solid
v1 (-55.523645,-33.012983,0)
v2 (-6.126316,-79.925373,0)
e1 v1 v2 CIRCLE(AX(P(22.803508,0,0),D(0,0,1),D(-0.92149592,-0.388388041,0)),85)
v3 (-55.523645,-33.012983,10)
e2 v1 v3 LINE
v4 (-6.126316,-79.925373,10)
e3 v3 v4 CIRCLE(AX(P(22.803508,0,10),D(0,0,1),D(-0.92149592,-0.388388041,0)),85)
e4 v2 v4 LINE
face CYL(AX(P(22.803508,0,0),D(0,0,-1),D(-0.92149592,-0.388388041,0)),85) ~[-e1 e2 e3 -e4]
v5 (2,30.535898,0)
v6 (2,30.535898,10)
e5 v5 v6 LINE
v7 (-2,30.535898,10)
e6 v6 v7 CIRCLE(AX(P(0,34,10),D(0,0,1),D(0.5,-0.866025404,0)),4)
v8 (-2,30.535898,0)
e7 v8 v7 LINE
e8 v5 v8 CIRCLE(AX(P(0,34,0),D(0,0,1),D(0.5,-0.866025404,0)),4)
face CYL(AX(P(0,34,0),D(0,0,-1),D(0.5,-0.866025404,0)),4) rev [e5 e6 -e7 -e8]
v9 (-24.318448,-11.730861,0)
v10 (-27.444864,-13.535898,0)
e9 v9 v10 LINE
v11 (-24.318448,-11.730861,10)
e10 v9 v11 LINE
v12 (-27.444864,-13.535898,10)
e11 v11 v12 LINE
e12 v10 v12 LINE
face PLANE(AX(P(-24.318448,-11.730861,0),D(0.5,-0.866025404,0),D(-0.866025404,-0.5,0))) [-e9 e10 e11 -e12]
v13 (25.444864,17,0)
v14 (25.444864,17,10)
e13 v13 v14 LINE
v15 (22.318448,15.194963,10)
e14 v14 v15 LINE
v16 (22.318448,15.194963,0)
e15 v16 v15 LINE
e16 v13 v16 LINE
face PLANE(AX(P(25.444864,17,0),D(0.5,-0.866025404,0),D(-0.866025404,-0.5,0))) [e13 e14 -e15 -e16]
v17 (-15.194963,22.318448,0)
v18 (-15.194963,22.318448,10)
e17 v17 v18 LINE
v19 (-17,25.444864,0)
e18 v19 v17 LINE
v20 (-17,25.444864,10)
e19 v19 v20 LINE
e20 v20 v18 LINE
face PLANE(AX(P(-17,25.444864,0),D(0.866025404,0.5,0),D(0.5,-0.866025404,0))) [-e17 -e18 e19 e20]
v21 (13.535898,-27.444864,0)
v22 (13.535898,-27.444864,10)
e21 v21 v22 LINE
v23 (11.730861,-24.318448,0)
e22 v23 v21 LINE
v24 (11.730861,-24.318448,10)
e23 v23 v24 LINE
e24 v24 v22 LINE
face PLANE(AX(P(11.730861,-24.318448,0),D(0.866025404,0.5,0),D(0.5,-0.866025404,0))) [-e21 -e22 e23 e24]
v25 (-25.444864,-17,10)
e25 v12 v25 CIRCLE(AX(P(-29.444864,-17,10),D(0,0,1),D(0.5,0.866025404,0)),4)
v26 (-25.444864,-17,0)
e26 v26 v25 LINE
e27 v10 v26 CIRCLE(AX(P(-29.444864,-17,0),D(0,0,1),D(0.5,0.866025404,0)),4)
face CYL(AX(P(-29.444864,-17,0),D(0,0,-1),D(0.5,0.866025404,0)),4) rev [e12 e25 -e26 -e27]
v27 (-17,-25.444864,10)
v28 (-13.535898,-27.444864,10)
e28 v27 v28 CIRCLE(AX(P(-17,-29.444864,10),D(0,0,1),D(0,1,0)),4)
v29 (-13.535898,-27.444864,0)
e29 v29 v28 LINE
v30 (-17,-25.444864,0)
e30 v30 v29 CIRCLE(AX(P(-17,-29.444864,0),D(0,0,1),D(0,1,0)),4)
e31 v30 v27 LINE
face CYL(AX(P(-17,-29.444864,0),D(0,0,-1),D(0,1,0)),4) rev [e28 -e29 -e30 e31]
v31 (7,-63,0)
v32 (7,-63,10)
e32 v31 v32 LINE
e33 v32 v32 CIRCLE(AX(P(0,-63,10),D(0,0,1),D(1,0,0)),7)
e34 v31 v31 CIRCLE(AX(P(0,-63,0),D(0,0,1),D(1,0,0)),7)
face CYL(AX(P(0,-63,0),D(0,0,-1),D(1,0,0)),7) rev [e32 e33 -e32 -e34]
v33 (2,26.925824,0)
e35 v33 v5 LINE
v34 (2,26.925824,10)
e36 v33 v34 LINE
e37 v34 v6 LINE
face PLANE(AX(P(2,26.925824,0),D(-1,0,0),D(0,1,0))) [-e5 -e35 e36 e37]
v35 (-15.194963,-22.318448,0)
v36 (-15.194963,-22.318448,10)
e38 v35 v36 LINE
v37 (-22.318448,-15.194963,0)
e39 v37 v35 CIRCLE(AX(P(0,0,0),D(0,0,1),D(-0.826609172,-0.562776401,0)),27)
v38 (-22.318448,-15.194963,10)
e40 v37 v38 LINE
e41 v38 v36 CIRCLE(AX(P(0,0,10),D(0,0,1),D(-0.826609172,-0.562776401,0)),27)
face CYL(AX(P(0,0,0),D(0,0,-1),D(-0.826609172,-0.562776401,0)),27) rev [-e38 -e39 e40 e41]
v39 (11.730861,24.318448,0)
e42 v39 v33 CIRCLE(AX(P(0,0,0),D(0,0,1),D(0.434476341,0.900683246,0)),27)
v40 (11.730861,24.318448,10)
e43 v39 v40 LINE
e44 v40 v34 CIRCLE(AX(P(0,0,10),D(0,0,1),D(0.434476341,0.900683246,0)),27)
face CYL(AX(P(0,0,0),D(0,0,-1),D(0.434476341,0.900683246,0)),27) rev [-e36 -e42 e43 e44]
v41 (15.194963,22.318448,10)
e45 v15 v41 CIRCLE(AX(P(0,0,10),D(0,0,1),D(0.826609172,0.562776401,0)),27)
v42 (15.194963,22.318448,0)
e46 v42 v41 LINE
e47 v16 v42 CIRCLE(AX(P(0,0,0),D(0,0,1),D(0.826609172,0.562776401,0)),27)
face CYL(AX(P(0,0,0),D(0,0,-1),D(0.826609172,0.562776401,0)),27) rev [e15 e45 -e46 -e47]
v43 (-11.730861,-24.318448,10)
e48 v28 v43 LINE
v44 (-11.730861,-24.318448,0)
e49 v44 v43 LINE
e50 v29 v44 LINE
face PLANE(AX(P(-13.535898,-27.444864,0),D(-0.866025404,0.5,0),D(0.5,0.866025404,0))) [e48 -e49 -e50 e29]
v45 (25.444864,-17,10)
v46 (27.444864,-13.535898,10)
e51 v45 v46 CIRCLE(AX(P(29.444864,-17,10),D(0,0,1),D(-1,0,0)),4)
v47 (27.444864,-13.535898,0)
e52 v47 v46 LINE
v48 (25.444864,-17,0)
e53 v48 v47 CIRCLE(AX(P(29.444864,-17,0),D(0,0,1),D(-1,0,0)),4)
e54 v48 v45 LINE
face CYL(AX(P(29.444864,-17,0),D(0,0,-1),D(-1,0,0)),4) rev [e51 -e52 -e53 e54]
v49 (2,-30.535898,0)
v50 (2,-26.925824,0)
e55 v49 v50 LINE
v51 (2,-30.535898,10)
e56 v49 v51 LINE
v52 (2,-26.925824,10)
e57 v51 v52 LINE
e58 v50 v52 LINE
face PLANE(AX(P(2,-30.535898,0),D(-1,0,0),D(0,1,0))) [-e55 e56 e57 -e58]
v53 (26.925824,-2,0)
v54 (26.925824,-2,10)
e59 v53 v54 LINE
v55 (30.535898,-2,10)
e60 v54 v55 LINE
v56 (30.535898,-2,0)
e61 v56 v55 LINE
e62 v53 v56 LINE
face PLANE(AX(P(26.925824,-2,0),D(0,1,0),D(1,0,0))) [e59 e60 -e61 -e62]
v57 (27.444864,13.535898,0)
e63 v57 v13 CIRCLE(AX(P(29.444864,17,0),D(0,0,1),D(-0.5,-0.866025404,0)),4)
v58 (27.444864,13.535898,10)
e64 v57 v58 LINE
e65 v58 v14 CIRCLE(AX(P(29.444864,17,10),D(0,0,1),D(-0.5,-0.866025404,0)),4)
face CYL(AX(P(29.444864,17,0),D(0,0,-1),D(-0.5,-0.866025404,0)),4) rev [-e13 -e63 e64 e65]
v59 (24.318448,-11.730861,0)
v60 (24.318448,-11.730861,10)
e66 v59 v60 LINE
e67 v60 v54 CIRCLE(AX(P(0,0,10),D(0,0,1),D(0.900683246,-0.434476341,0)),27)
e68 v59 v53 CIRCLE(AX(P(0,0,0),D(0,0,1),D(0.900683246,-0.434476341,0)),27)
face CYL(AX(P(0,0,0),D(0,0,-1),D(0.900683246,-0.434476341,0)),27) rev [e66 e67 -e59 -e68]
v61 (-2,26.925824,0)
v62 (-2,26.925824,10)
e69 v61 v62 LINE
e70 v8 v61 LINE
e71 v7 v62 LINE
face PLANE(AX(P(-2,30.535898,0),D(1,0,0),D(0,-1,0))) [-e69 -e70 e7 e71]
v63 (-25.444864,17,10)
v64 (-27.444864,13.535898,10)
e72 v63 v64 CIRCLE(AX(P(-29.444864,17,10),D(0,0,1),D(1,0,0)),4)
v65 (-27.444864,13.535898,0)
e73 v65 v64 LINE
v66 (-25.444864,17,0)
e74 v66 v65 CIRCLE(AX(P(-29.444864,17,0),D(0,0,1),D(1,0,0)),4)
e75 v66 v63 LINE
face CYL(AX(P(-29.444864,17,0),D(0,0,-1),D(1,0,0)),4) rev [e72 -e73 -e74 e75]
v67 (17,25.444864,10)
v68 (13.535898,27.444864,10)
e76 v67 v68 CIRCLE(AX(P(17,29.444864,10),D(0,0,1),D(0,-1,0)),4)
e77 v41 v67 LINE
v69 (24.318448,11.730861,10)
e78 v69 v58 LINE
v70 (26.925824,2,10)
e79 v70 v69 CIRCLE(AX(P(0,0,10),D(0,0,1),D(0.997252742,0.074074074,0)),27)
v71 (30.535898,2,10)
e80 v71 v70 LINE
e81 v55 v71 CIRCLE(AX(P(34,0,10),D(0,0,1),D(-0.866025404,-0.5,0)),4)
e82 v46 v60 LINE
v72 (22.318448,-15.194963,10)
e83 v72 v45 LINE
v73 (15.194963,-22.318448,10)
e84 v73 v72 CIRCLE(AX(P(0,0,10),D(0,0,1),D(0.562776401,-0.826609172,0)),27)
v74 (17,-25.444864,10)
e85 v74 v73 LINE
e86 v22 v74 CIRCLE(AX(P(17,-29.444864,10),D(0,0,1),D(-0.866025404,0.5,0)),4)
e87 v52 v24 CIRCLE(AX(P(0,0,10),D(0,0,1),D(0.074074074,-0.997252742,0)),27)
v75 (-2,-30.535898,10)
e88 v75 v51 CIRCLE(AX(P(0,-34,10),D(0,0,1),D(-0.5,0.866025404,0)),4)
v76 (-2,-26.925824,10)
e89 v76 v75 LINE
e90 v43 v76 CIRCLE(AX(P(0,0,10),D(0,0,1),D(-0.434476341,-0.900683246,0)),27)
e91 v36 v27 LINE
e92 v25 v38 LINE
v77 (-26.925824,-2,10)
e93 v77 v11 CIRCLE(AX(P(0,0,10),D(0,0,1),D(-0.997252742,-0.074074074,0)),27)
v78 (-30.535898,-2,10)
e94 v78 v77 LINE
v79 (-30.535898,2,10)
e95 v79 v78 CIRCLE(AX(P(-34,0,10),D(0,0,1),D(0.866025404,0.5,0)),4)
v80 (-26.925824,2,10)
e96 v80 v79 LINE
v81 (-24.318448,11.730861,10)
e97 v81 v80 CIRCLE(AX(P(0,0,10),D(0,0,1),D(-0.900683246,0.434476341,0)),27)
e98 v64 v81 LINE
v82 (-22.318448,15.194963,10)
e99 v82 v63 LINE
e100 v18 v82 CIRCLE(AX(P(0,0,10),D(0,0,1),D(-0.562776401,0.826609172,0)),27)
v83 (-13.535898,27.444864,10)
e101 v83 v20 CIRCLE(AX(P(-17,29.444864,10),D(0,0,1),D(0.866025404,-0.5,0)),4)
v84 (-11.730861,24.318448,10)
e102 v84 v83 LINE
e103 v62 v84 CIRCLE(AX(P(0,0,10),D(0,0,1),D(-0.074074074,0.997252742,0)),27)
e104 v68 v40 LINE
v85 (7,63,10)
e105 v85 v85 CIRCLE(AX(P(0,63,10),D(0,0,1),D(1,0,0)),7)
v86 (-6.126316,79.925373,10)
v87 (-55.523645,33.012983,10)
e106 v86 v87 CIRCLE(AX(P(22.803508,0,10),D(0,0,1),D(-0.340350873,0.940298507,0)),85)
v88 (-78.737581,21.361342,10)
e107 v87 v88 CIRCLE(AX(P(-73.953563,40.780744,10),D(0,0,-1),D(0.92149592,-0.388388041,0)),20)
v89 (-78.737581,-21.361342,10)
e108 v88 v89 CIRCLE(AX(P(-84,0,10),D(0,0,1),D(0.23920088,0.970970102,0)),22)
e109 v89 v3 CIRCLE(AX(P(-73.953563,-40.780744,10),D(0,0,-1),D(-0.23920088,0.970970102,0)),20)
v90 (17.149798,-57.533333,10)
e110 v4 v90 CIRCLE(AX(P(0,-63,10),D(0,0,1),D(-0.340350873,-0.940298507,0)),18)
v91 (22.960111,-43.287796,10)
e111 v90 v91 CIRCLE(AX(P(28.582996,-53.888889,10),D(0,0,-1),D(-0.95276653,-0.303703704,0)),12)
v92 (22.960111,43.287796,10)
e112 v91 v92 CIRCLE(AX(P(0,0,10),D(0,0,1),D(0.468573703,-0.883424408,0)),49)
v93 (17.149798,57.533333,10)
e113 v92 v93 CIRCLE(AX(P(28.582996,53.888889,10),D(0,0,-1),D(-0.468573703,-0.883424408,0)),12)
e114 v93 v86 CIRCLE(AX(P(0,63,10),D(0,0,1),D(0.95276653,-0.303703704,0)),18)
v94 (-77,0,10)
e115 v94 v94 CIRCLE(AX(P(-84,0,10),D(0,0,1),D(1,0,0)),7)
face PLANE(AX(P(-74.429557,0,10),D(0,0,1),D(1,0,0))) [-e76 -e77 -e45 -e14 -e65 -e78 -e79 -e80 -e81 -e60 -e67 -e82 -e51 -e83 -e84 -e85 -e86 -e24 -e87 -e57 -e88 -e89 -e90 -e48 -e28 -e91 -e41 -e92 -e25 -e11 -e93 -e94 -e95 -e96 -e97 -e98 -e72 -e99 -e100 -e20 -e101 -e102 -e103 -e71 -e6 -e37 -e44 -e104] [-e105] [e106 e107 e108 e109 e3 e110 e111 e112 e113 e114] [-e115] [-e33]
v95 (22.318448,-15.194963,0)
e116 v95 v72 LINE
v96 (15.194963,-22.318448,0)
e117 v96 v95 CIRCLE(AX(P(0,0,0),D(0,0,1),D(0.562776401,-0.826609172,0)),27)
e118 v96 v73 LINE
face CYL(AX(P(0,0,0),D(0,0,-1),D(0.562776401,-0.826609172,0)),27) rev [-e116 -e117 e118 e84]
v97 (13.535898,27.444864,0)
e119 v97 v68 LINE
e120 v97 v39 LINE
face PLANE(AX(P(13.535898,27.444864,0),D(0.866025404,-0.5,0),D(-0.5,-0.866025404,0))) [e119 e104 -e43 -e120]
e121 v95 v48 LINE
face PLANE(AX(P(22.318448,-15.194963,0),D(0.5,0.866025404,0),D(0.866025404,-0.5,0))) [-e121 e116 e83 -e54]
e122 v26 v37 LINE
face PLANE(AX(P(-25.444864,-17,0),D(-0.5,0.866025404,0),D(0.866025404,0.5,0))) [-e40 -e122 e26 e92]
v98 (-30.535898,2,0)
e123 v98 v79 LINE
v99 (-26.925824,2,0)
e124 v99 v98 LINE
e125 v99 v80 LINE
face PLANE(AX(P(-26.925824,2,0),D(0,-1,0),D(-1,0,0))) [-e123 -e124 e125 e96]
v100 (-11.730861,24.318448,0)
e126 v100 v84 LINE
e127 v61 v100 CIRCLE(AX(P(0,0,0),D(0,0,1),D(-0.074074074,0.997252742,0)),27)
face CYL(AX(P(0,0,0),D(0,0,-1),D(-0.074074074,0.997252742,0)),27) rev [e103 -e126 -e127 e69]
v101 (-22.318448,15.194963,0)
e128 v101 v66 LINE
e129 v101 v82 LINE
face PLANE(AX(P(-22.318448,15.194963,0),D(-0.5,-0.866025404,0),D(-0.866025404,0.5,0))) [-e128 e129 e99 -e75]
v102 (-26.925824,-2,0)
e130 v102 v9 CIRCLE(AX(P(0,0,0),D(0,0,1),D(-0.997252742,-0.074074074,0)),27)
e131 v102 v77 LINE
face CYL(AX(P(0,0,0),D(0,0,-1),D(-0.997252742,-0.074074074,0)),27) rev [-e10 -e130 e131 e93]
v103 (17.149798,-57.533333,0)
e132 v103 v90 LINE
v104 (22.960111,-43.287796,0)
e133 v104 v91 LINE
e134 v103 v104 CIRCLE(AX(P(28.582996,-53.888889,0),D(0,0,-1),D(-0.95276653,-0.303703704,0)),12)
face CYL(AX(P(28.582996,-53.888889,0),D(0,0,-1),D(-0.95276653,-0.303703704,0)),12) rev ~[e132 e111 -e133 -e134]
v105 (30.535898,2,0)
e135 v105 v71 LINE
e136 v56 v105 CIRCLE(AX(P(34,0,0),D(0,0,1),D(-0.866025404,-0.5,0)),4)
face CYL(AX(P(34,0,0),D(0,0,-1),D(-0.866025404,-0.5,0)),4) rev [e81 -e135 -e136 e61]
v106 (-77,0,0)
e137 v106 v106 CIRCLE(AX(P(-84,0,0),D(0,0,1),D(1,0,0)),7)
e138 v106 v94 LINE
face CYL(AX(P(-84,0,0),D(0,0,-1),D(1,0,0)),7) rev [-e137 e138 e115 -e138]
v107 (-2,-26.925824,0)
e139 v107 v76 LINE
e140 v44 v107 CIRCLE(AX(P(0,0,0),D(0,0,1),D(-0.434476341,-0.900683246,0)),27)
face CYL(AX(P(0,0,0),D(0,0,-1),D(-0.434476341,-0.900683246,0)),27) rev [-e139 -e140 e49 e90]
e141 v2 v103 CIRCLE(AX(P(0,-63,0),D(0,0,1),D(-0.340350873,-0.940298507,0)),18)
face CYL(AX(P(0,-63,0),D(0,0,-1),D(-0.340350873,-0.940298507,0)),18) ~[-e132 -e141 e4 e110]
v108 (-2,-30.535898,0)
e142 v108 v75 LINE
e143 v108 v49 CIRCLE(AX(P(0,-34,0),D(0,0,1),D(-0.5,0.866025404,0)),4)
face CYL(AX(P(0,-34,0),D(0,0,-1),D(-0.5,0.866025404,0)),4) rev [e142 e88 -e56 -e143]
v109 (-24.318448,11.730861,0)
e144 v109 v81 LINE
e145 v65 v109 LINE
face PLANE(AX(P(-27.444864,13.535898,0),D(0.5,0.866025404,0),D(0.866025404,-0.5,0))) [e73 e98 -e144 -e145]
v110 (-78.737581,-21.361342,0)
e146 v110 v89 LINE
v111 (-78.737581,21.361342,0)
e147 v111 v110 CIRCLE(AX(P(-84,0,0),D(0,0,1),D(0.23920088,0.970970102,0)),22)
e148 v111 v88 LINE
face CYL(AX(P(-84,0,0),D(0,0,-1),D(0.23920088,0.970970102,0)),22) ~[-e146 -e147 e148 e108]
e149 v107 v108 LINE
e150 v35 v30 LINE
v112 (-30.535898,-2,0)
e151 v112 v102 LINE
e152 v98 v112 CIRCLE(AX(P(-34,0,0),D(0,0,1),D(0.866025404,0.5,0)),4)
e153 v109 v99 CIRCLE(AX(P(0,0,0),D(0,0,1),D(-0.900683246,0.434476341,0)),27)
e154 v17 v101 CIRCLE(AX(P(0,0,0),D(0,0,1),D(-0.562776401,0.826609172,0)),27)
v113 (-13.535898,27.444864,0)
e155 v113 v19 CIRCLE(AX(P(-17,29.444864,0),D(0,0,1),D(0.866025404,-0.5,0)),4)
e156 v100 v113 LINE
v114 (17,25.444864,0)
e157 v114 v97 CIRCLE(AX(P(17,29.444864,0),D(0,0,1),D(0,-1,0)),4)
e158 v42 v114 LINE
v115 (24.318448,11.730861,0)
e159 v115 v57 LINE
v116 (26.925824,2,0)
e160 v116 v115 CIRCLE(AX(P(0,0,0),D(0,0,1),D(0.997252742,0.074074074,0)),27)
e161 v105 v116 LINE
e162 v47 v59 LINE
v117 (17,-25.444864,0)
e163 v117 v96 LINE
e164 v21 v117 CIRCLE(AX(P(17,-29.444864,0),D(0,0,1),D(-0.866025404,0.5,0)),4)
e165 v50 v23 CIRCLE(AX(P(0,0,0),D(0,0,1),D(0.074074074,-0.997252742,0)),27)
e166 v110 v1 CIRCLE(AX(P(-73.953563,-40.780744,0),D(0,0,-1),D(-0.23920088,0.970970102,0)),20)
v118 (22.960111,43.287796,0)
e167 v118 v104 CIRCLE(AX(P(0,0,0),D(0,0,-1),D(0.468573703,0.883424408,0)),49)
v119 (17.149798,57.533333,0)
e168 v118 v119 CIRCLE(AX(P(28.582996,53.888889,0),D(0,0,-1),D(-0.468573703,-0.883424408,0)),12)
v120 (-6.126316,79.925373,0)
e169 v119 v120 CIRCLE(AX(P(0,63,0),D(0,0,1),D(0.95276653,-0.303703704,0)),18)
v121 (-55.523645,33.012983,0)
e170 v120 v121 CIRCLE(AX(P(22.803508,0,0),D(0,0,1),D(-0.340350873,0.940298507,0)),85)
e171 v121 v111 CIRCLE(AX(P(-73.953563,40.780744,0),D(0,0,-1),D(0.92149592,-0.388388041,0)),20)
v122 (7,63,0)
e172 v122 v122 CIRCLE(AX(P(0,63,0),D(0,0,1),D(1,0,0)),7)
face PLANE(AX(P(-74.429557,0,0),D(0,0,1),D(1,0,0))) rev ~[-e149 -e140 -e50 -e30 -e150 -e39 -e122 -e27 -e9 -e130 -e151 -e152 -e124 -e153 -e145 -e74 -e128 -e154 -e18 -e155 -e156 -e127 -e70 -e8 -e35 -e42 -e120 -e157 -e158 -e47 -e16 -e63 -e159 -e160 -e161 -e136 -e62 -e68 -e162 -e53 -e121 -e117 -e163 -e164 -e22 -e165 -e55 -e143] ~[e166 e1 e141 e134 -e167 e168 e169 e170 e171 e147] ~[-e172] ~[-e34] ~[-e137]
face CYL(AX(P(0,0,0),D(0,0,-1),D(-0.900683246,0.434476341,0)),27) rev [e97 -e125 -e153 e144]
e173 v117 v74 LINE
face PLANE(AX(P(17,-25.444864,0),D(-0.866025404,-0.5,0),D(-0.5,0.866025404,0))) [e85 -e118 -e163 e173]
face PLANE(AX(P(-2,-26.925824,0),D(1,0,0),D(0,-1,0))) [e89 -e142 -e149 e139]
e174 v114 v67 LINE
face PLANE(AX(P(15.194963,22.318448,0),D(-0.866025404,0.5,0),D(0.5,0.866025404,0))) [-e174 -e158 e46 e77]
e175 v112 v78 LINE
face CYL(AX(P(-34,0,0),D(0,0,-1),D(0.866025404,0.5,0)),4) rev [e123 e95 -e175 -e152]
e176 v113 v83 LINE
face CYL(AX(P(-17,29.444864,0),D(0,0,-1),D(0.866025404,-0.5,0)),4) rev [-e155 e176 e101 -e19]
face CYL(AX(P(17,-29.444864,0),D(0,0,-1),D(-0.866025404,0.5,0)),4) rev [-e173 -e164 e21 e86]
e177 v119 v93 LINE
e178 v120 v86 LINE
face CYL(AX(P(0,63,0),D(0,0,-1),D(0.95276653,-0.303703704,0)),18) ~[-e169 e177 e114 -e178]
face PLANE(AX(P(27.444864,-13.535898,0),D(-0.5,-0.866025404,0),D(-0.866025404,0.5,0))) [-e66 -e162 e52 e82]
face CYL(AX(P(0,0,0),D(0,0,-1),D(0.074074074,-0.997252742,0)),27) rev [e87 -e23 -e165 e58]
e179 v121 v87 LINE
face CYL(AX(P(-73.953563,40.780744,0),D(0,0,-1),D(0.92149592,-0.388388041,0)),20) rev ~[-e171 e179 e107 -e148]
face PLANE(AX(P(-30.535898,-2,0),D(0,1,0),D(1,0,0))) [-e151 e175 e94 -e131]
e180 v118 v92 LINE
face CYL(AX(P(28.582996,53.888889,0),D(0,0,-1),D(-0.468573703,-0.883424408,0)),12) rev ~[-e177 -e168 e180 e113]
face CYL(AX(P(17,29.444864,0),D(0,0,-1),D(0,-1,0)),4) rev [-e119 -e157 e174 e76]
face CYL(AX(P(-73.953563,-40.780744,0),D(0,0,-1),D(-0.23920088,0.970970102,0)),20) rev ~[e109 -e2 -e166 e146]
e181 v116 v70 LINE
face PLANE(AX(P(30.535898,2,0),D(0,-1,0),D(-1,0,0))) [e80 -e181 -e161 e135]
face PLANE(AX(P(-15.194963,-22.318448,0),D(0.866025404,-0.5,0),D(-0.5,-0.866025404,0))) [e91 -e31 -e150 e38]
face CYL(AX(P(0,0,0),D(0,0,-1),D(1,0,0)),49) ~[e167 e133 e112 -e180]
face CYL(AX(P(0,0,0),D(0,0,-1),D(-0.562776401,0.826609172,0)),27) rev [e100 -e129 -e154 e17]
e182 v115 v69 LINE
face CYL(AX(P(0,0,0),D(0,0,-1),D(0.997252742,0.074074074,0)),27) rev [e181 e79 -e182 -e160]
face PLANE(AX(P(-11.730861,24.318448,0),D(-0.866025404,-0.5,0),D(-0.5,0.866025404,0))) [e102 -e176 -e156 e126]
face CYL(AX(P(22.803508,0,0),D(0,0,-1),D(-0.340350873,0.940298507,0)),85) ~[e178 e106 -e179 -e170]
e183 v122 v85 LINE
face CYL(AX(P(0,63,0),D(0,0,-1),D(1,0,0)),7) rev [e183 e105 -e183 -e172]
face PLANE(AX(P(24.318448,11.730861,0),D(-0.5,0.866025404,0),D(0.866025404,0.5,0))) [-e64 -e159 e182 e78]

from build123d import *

# Parameters (mm, degrees)
CROQUIS1_R              = 49
CROQUIS1_R_2            = 7
SALIENTE_EXTRUIR1_DEPTH = 10


with BuildPart() as part:
    # Croquis1 → Saliente-Extruir1 (new body)
    # profile 1 of 3: a face of its own
    with BuildSketch(Plane.XY):
        Circle(CROQUIS1_R)
        with BuildLine():
            ThreePointArc((11.73086121, 24.318447633), (6.988114218, 26.07999731), (2, 26.925824036))
            Line((2, 26.925824036), (2, 30.535898385))
            ThreePointArc((2, 30.535898385), (0, 38), (-2, 30.535898385))
            Line((-2, 30.535898385), (-2, 26.925824036))
            ThreePointArc((-2, 26.925824036), (-6.988114218, 26.07999731), (-11.73086121, 24.318447633))
            Line((-11.73086121, 24.318447633), (-13.535898385, 27.444863729))
            ThreePointArc((-13.535898385, 27.444863729), (-19, 32.908965344), (-17, 25.444863729))
            Line((-17, 25.444863729), (-15.194962825, 22.318447633))
            ThreePointArc((-15.194962825, 22.318447633), (-19.091883092, 19.091883092), (-22.318447633, 15.194962825))
            Line((-22.318447633, 15.194962825), (-25.444863729, 17))
            ThreePointArc((-25.444863729, 17), (-32.908965344, 19), (-27.444863729, 13.535898385))
            Line((-27.444863729, 13.535898385), (-24.318447633, 11.73086121))
            ThreePointArc((-24.318447633, 11.73086121), (-26.07999731, 6.988114218), (-26.925824036, 2))
            Line((-26.925824036, 2), (-30.535898385, 2))
            ThreePointArc((-30.535898385, 2), (-38, 0), (-30.535898385, -2))
            Line((-30.535898385, -2), (-26.925824036, -2))
            ThreePointArc((-26.925824036, -2), (-26.07999731, -6.988114218), (-24.318447633, -11.73086121))
            Line((-24.318447633, -11.73086121), (-27.444863729, -13.535898385))
            ThreePointArc((-27.444863729, -13.535898385), (-32.908965344, -19), (-25.444863729, -17))
            Line((-25.444863729, -17), (-22.318447633, -15.194962825))
            ThreePointArc((-22.318447633, -15.194962825), (-19.091883092, -19.091883092), (-15.194962825, -22.318447633))
            Line((-15.194962825, -22.318447633), (-17, -25.444863729))
            ThreePointArc((-17, -25.444863729), (-19, -32.908965344), (-13.535898385, -27.444863729))
            Line((-13.535898385, -27.444863729), (-11.73086121, -24.318447633))
            ThreePointArc((-11.73086121, -24.318447633), (-6.988114218, -26.07999731), (-2, -26.925824036))
            Line((-2, -26.925824036), (-2, -30.535898385))
            ThreePointArc((-2, -30.535898385), (0, -38), (2, -30.535898385))
            Line((2, -30.535898385), (2, -26.925824036))
            ThreePointArc((2, -26.925824036), (6.988114218, -26.07999731), (11.73086121, -24.318447633))
            Line((11.73086121, -24.318447633), (13.535898385, -27.444863729))
            ThreePointArc((13.535898385, -27.444863729), (19, -32.908965344), (17, -25.444863729))
            Line((17, -25.444863729), (15.194962825, -22.318447633))
            ThreePointArc((15.194962825, -22.318447633), (19.091883092, -19.091883092), (22.318447633, -15.194962825))
            Line((22.318447633, -15.194962825), (25.444863729, -17))
            ThreePointArc((25.444863729, -17), (32.908965344, -19), (27.444863729, -13.535898385))
            Line((27.444863729, -13.535898385), (24.318447633, -11.73086121))
            ThreePointArc((24.318447633, -11.73086121), (26.07999731, -6.988114218), (26.925824036, -2))
            Line((26.925824036, -2), (30.535898385, -2))
            ThreePointArc((30.535898385, -2), (38, 0), (30.535898385, 2))
            Line((30.535898385, 2), (26.925824036, 2))
            ThreePointArc((26.925824036, 2), (26.07999731, 6.988114218), (24.318447633, 11.73086121))
            Line((24.318447633, 11.73086121), (27.444863729, 13.535898385))
            ThreePointArc((27.444863729, 13.535898385), (32.908965344, 19), (25.444863729, 17))
            Line((25.444863729, 17), (22.318447633, 15.194962825))
            ThreePointArc((22.318447633, 15.194962825), (19.091883092, 19.091883092), (15.194962825, 22.318447633))
            Line((15.194962825, 22.318447633), (17, 25.444863729))
            ThreePointArc((17, 25.444863729), (19, 32.908965344), (13.535898385, 27.444863729))
            Line((13.535898385, 27.444863729), (11.73086121, 24.318447633))
        make_face(mode=Mode.SUBTRACT)
    # profile 2 of 3: a face of its own
    with BuildSketch(Plane.XY):
        with BuildLine():
            ThreePointArc((22.960111456, -43.287795993), (-49, 0), (22.960111456, 43.287795993))
            ThreePointArc((22.960111456, 43.287795993), (17.471680778, 49.356927241), (17.149797537, 57.533333333))
            ThreePointArc((17.149797537, 57.533333333), (12.479188654, 75.97188693), (-6.126315717, 79.925373134))
            ThreePointArc((-6.126315717, 79.925373134), (-35.730309716, 61.63434209), (-55.523644659, 33.012983471))
            ThreePointArc((-55.523644659, 33.012983471), (-62.196491498, 0), (-55.523644659, -33.012983471))
            ThreePointArc((-55.523644659, -33.012983471), (-35.730309716, -61.63434209), (-6.126315717, -79.925373134))
            ThreePointArc((-6.126315717, -79.925373134), (12.479188654, -75.97188693), (17.149797537, -57.533333333))
            ThreePointArc((17.149797537, -57.533333333), (17.471680778, -49.356927241), (22.960111456, -43.287795993))
        make_face()
        with Locations((0, -63)):
            Circle(CROQUIS1_R_2, mode=Mode.SUBTRACT)
        with Locations((0, 63)):
            Circle(CROQUIS1_R_2, mode=Mode.SUBTRACT)
    # profile 3 of 3: a face of its own
    with BuildSketch(Plane.XY):
        with BuildLine():
            ThreePointArc((-55.523644659, -33.012983471), (-62.196491498, 0), (-55.523644659, 33.012983471))
            ThreePointArc((-55.523644659, 33.012983471), (-64.981782963, 22.905981014), (-78.737580645, 21.361342246))
            ThreePointArc((-78.737580645, 21.361342246), (-106, 0), (-78.737580645, -21.361342246))
            ThreePointArc((-78.737580645, -21.361342246), (-64.981782963, -22.905981014), (-55.523644659, -33.012983471))
        make_face()
        with Locations((-84, 0)):
            Circle(CROQUIS1_R_2, mode=Mode.SUBTRACT)
    extrude(amount=SALIENTE_EXTRUIR1_DEPTH)


solid = part.part
